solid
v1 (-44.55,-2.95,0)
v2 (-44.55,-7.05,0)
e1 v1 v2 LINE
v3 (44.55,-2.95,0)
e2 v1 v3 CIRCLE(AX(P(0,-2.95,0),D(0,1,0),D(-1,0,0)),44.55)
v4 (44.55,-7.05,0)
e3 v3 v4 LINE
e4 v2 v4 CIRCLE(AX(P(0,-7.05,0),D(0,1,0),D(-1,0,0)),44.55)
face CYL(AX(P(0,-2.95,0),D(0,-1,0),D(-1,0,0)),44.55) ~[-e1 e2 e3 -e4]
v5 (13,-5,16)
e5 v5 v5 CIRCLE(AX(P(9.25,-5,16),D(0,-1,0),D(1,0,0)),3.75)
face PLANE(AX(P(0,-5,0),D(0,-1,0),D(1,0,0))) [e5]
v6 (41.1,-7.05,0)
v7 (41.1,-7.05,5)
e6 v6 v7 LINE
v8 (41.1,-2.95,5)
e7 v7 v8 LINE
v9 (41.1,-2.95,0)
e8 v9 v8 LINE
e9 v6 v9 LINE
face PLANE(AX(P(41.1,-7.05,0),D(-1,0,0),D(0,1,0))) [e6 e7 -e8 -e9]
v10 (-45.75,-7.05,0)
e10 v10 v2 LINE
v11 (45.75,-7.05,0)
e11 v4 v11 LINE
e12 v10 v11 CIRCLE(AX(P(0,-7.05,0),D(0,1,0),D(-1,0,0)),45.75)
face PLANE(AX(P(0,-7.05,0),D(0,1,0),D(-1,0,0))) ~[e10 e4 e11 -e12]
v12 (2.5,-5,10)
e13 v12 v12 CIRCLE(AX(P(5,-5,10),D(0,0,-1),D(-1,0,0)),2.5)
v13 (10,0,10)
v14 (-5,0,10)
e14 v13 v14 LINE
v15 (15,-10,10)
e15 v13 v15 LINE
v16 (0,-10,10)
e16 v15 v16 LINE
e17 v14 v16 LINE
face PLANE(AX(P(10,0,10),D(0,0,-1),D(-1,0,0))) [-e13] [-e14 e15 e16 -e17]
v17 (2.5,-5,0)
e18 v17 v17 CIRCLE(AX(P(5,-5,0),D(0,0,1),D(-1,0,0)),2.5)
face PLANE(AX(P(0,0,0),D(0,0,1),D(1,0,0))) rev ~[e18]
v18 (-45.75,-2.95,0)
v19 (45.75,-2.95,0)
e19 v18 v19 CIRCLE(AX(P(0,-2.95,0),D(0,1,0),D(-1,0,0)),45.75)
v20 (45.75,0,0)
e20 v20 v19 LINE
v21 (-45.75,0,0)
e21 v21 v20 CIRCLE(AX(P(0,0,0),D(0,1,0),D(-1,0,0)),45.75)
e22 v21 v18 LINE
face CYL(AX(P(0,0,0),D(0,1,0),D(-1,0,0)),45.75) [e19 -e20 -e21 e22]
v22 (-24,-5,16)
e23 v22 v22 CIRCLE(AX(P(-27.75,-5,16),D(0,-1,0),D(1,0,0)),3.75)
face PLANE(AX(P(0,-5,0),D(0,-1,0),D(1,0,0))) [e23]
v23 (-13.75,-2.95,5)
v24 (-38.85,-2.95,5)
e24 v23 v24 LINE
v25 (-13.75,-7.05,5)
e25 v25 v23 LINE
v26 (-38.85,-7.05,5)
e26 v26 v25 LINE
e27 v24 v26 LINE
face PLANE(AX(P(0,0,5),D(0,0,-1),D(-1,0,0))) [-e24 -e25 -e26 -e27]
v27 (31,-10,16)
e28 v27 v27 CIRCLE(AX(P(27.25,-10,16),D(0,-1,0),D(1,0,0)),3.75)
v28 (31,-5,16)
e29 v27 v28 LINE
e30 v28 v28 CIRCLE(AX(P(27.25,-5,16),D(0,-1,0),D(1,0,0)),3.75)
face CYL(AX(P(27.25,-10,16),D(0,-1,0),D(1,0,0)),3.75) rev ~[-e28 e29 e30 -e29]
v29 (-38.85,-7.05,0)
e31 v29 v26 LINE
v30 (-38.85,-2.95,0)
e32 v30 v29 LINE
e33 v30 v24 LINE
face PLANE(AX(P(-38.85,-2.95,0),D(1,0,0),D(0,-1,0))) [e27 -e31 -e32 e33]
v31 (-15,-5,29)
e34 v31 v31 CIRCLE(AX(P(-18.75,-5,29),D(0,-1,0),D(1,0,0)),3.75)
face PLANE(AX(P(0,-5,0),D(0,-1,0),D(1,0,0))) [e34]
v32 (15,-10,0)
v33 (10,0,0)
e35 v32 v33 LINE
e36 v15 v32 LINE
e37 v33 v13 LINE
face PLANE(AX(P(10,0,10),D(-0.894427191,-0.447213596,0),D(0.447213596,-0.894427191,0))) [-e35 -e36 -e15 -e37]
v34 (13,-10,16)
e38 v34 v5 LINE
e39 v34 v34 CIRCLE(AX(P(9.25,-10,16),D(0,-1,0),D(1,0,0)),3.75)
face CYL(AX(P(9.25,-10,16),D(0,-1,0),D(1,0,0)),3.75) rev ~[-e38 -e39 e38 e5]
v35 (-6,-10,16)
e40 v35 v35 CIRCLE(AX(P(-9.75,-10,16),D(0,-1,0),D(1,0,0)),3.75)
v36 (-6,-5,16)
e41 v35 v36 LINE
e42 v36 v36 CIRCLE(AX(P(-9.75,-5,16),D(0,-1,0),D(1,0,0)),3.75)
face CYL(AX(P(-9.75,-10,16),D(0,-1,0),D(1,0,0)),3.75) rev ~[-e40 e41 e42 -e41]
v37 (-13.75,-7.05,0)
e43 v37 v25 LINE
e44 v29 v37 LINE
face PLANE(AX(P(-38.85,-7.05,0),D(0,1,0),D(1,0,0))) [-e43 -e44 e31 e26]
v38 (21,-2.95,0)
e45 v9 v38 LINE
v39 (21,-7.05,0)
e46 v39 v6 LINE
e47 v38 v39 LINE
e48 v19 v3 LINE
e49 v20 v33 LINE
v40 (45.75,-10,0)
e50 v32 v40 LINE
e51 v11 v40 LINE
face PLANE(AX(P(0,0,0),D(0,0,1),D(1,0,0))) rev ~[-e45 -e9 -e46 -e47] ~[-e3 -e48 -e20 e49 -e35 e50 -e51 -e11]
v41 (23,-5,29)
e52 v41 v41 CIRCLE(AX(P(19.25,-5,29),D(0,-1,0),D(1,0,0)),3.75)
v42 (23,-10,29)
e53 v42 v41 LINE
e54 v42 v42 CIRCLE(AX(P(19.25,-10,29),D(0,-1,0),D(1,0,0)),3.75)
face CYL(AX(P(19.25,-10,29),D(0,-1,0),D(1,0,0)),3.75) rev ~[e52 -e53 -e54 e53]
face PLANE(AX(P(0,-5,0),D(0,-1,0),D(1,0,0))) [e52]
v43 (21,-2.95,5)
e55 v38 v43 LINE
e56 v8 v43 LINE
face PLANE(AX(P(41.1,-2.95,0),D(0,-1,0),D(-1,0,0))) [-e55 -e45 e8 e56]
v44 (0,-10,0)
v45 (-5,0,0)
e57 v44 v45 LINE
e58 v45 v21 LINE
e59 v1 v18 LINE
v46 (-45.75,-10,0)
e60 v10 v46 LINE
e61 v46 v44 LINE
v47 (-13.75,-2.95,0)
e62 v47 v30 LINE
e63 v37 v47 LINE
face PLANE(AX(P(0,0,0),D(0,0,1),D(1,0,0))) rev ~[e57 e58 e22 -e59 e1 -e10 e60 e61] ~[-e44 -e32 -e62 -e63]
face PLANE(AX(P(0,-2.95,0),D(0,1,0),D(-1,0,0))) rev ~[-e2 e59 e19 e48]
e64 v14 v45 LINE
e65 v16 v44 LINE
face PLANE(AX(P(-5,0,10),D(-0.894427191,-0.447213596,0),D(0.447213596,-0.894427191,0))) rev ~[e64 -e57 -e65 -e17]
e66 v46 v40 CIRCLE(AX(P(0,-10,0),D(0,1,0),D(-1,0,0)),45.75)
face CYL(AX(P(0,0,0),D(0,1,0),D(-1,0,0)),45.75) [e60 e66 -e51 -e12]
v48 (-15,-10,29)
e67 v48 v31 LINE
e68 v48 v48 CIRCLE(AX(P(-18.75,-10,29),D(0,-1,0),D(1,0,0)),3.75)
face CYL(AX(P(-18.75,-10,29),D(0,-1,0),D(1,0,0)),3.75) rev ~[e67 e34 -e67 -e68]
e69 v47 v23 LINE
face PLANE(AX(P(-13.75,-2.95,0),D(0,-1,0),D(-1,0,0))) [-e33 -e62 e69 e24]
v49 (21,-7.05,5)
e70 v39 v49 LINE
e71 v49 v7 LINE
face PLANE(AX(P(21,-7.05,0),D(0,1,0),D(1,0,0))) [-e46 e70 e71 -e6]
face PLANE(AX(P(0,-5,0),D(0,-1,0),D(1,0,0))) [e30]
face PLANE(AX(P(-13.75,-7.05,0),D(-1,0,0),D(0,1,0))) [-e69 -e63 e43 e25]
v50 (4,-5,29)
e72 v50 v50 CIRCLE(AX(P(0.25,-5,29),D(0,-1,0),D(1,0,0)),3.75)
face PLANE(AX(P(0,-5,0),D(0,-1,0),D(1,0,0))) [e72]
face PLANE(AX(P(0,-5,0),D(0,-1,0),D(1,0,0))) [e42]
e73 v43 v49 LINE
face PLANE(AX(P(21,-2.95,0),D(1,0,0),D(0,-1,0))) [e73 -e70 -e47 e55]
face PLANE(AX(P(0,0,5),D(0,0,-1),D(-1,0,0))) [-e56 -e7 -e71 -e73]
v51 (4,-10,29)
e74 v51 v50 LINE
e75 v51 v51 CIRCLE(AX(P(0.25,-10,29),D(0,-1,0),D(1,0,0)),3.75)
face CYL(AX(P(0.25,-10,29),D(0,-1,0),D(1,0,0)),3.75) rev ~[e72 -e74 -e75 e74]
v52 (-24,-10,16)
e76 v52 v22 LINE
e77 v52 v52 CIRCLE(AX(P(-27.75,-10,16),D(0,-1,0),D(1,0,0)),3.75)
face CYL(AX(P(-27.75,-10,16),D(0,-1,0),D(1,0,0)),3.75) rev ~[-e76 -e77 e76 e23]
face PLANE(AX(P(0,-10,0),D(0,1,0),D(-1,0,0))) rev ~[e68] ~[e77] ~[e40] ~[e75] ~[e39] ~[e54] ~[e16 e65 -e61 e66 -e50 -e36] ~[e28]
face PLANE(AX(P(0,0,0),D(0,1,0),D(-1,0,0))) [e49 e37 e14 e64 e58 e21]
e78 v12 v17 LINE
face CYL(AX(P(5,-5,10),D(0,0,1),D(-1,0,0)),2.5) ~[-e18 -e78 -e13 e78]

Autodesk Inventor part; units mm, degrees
ref_plane "YZ Plane" through (0, 0, 0) normal (1, 0, 0) x (0, 1, 0)
ref_plane "XZ Plane" through (0, 0, 0) normal (0, 1, 0) x (-1, 0, 0)
ref_plane "XY Plane" through (0, 0, 0) normal (0, 0, 1) x (1, 0, 0)
sketch "스케치1" plane through (0, 0, 0) normal (0, 1, 0) x (-1, 0, 0)
  line L0 (-10, 10) -> (10, 10)
  line L1 (10, 10) -> (10, -10)
  line L2 (10, -10) -> (-10, -10)
  line L3 (-10, -10) -> (-10, 10)
  line L4 (-10, 10) -> (10, -10) construction
  line L5 (10, 10) -> (-10, -10) construction
  line L6 (-10, -10) -> (-15, -10)
  line L7 (-15, -10) -> (-15, 10)
  line L8 (-15, 10) -> (-10, 10)
  line L9 (-10, 10) -> (-10, -10)
  circle A0 centre (0, 0) radius 45.75
  dimension "d0" = 20
  dimension "d1" = 20
  dimension "d2" = 5
  dimension "d17" = 91.5
ref_plane "작업 평면2" through (-10, 20, -10) normal (-1, 0, 0) x (0, 0, 1)
sketch "스케치2" plane through (-10, 20, -10) normal (-1, 0, 0) x (0, 0, 1)
  line L0 (20, -100) -> (20, 0) projected
  line L1 (0, 0) -> (20, 0) projected
  line L2 (0, 0) -> (0, -100) projected
  line L3 (20, -100) -> (0, -100) projected
  circle A0 centre (10, -91) radius 4.5
  point P0 (10, -20)
  dimension "d7" = 9
  dimension "d8" = 9
ref_plane "작업 평면1" through (-10, 20, 10) normal (0, 0, 1) x (1, 0, 0)
sketch "스케치3" plane through (-10, 20, 10) normal (0, 0, 1) x (1, 0, 0)
  line L0 (20, -20) -> (25, -20) projected
  line L1 (25, -20) -> (25, 0) projected
  line L2 (0, 0) -> (25, 0) projected
  line L3 (0, -100) -> (0, 0) projected
  line L4 (20, -100) -> (0, -100) projected
  line L5 (20, -20) -> (20, -100) projected
  line L6 (25, -20) -> (25, 0) projected
  line L7 (25, 0) -> (0, 0) projected
  arc A0 (25, -20) -> (20, 0) centre (-10.6945, -18.2986) ccw
  line L8 (20, 0) -> (25, 0)
  line L9 (25, 0) -> (25, -20)
  point P0 (10, -20)
  point P1 (20, 0)
  point P2 (25, -16.5972)
extrude "돌출4" [suppressed]
extrude "돌출5" [suppressed]
extrude "돌출6" add sketch "스케치1" against normal blind 10
ref_plane "작업 평면3" through (10, 0, -10) normal (0, 0, 1) x (1, 0, 0)
sketch "스케치4" plane through (10, 0, -10) normal (0, 0, 1) x (1, 0, 0)
  line L0 (0, -5) -> (-10, -5) projected
  line L1 (-10, -5) -> (-10, -80) projected
  line L2 (0, -80) -> (-10, -80) projected
  line L3 (0, -5) -> (0, -80) projected
  line L4 (-10, 0) -> (0, 0) projected
  line L5 (0, 0) -> (5, 0) projected
  line L6 (5, 0) -> (5, 3.4028) projected
  arc A0 (5, 3.4028) -> (0, 20) centre (-30.6945, 1.7014) ccw projected
  line L7 (-10, 20) -> (0, 20) projected
  line L8 (-10, 20) -> (-10, 0) projected
  line L9 (0, -5) -> (5, -5)
  line L10 (5, -5) -> (5, 0)
  line L11 (5, 0) -> (0, 0)
  line L12 (0, 0) -> (0, -5)
  line L13 (-55.75, -5) -> (35.75, -5) projected
  line L14 (-10, 0) -> (-15, 0)
  line L15 (-15, 0) -> (-15, -5)
  line L16 (-15, -5) -> (-10, -5)
  line L17 (-10, -5) -> (-10, 0)
  line L18 (-15, 0) -> (-10, -5)
  line L19 (0, 0) -> (5, -5)
  dimension "d20" = 5
sketch "스케치5" plane through (0, 0, 0) normal (0, 1, 0) x (1, 0, 0)
  circle A0 centre (0, 0) radius 45.75 projected
  line L0 (15, -10) -> (-10, -10) projected
  line L1 (-10, 10) -> (15, 10) projected
  line L2 (-12.2866, 10.5) -> (15, 10.5)
  line L3 (15, 10.5) -> (15, -10.5)
  line L4 (15, -10.5) -> (-12.2866, -10.5)
  line L5 (-12.2866, -10.5) -> (-12.2866, 10.5)
  line L6 (15, 10) -> (15, -10) projected
  line L7 (-10, -10) -> (-10, 10) projected
  dimension "d22" = 0.5
extrude "돌출7" [suppressed]
sketch "스케치6" plane through (-12.2866, 0, -10.5) normal (0, 0, 1) x (1, 0, 0)
  line L0 (7.2866, 0) -> (12.2866, -5) projected
  line L1 (7.2866, 0) -> (7.2866, -5) projected
  line L2 (7.2866, -5) -> (12.2866, -5) projected
  line L3 (22.2866, 0) -> (27.2866, -5) projected
  line L4 (22.2866, 0) -> (22.2866, -5) projected
  line L5 (22.2866, -5) -> (27.2866, -5) projected
  point P0 (12.2866, 0)
extrude "돌출8" [suppressed]
extrude "돌출9" add sketch "스케치4" along normal blind 20.5 and the other way blind 0.5 contours L19 L5 L10
ref_plane "작업 평면4" through (-12.2866, -5, -10.5) normal (0, 0, 1) x (1, 0, 0)
sketch "스케치7" plane through (-12.2866, -5, -10.5) normal (0, 0, 1) x (1, 0, 0)
  line L0 (7.2866, 0) -> (7.2866, 5) projected
  line L1 (0, 5) -> (7.2866, 5) projected
  line L2 (0, 5) -> (0, 0) projected
  line L3 (7.2866, 0) -> (0, 0) projected
  line L4 (0, 5) -> (7.2866, 5)
  line L5 (7.2866, 5) -> (7.2866, 0)
  line L6 (7.2866, 0) -> (0, 0)
  line L7 (0, 0) -> (0, 5)
  point P0 (12.2866, 5)
extrude "돌출10" add sketch "스케치7" along normal blind 21
sketch "스케치8" plane through (-5, 0, -10) normal (0, 0, 1) x (1, 0, 0)
  line L0 (0, 0) -> (0, -5) projected
  line L1 (20, -10) -> (-5, -10) projected
  line L2 (20, -5) -> (15, 0) projected
  line L3 (0, 0) -> (15, 0) projected
  line L4 (0, 0) -> (5, 0)
  line L5 (5, 0) -> (5, -10)
  line L6 (5, -10) -> (0, -10)
  line L7 (0, -10) -> (0, 0)
  line L8 (0, 0) -> (5, -10)
  line L9 (0, -5) -> (-5, -5) projected
  line L10 (-5, -5) -> (-5, -10) projected
  line L11 (20, -5) -> (20, -10) projected
  dimension "d33" = 5
extrude "돌출11" add sketch "스케치8" along normal blind 21
sketch "스케치9" plane through (0, 0, 0) normal (0, 1, 0) x (1, 0, 0)
  line L0 (10, -10) -> (-10, -10) projected
  line L1 (10, 10) -> (10, -10) projected
  line L2 (64.05, 10) -> (-64.05, 10) projected
  line L3 (-10, -64.05) -> (-10, 64.05) projected
  line L4 (-10, -10) -> (-10, 10) projected
  line L5 (-10, 10) -> (10, 10) projected
  line L6 (10, -10) -> (0, -10)
  line L7 (0, -10) -> (0, 10)
  line L8 (0, 10) -> (10, 10)
  line L9 (10, 10) -> (10, -10)
  point P0 (0, 0)
extrude "돌출12" cut sketch "스케치9" against normal blind 10 contours L0 L7 L2 L1
sketch "스케치10" plane through (10, 0, 10) normal (0, 0, -1) x (-1, 0, 0)
  line L0 (-5, 0) -> (0, 0) projected
  line L1 (0, 0) -> (0, -10) projected
  line L2 (-35.75, -10) -> (55.75, -10) projected
  line L3 (0, 0) -> (-5, 0)
  line L4 (-5, 0) -> (-5, -10)
  line L5 (-5, -10) -> (0, -10)
  line L6 (0, -10) -> (0, 0)
  line L7 (0, 0) -> (-5, -10)
  line L8 (10, 0) -> (15, 0)
  line L9 (15, 0) -> (15, -10)
  line L10 (15, -10) -> (10, -10)
  line L11 (10, -10) -> (10, 0)
  line L12 (15, 0) -> (10, -10)
  dimension "d38" = 5
extrude "돌출13" cut sketch "스케치10" along normal blind 20 contours L11 L8 L12
extrude "돌출14" cut sketch "스케치10" along normal blind 20 contours L1 L2 L7
sketch "스케치11" plane through (10, 0, 10) normal (0, 0, -1) x (-1, 0, 0)
  line L0 (-35.75, -10) -> (55.75, -10) projected
  line L1 (55.75, 0) -> (-35.75, 0) projected
  line L2 (0, 0) -> (0, -10) projected
  line L3 (10, -10) -> (10, 0) projected
  line L4 (0, 0) -> (10, 0)
  line L5 (10, 0) -> (10, -10)
  line L6 (10, -10) -> (0, -10)
  line L7 (0, -10) -> (0, 0)
  circle A0 centre (5, -5) radius 2.5
  dimension "d43" = 5
extrude "돌출15" add sketch "스케치11" along normal blind 20 contours A0
sketch "스케치12" plane through (0, 0, 0) normal (0, 0, 1) x (1, 0, 0)
  line L0 (-45.75, -10) -> (45.75, -10) projected
  line L1 (45.75, 0) -> (-45.75, 0) projected
  line L2 (-45.75, -10) -> (45.75, -10) projected
  line L3 (-45.75, 0) -> (45.75, 0)
  line L4 (45.75, 0) -> (45.75, -10)
  line L5 (45.75, -10) -> (-45.75, -10)
  line L6 (-45.75, -10) -> (-45.75, 0)
  point P0 (0, 0)
extrude "돌출16" cut sketch "스케치12" against normal blind 50
sketch "스케치13" plane through (0, 0, 0) normal (0, 0, -1) x (-1, 0, 0)
  line L0 (13.75, -2.95) -> (38.85, -2.95)
  line L1 (38.85, -2.95) -> (38.85, -7.05)
  line L2 (38.85, -7.05) -> (13.75, -7.05)
  line L3 (13.75, -7.05) -> (13.75, -2.95)
  line L4 (-41.1, -2.95) -> (-21, -2.95)
  line L5 (-21, -2.95) -> (-21, -7.05)
  line L6 (-21, -7.05) -> (-41.1, -7.05)
  line L7 (-41.1, -7.05) -> (-41.1, -2.95)
  line L8 (45.75, 0) -> (45.75, -10) projected
  line L9 (-45.75, 0) -> (-45.75, -10) projected
  line L10 (-45.75, 0) -> (-10, 0) projected
  line L11 (5, 0) -> (45.75, 0) projected
  point P0 (0, 0)
  dimension "d48" = 25.1
  dimension "d49" = 4.1
  dimension "d50" = 20.1
  dimension "d51" = 4.1
  dimension "d52" = 6.9
  dimension "d53" = 4.65
  dimension "d54" = 2.95
  dimension "d55" = 2.95
extrude "돌출17" cut sketch "스케치13" against normal blind 5
sketch "스케치14" plane through (0, 0, 0) normal (0, 0, -1) x (-1, 0, 0)
  line L0 (38.85, -2.95) -> (38.85, -7.05) projected
  line L1 (38.85, -7.05) -> (13.75, -7.05) projected
  line L2 (13.75, -7.05) -> (13.75, -2.95) projected
  line L3 (13.75, -2.95) -> (38.85, -2.95) projected
  line L4 (0, -10) -> (5, 0) projected
  line L5 (45.75, -10) -> (0, -10) projected
  line L6 (45.75, 0) -> (45.75, -10) projected
  line L7 (5, 0) -> (45.75, 0) projected
  line L8 (45.75, -2.95) -> (44.55, -2.95)
  line L9 (44.55, -2.95) -> (44.55, -7.05)
  line L10 (44.55, -7.05) -> (45.75, -7.05)
  line L11 (45.75, -7.05) -> (45.75, -2.95)
  line L12 (0, -12) -> (0, 2) projected
  point P0 (0, 0)
  dimension "d58" = 1.2
revolve "회전1" cut sketch "스케치14" angle 360 about axis through (0, -10, 0) along (0, 1, 0) contours L10 L9 L8 L6
sketch "스케치15" plane through (0, 0, 0) normal (0, 1, 0) x (1, 0, 0)
  circle A0 centre (-27.75, -16) radius 3.75
  circle A1 centre (-9.75, -16) radius 3.75
  circle A2 centre (9.25, -16) radius 3.75
  circle A3 centre (27.25, -16) radius 3.75
  circle A4 centre (-18.75, -29) radius 3.75
  circle A5 centre (0.25, -29) radius 3.75
  circle A6 centre (19.25, -29) radius 3.75
  line L0 (-44.55, 0) -> (-45.75, 0) projected
  line L1 (-45.75, 0) -> (-45.75, -49.8385)
  arc A7 (-45.75, 0) -> (45.75, 0) centre (0, 0) ccw projected
  line L2 (64.05, -10) -> (-64.05, -10) projected
  dimension "d60" = 7.5
  dimension "d61" = 7.5
  dimension "d62" = 7.5
  dimension "d63" = 7.5
  dimension "d64" = 7.5
  dimension "d65" = 7.5
  dimension "d66" = 7.5
  dimension "d67" = 18
  dimension "d68" = 18
  dimension "d69" = 19
  dimension "d70" = 18
  dimension "d71" = 9
  dimension "d72" = 19
  dimension "d73" = 19
  dimension "d74" = 13
  dimension "d75" = 13
  dimension "d76" = 13
  dimension "d77" = 6
  dimension "d78" = 6
sketch "스케치16" plane through (0, -10, 0) normal (0, -1, 0) x (1, 0, 0)
  circle A0 centre (27.25, 16) radius 3.75 projected
  circle A1 centre (9.25, 16) radius 3.75 projected
  circle A2 centre (-9.75, 16) radius 3.75 projected
  circle A3 centre (-27.75, 16) radius 3.75 projected
  circle A4 centre (-18.75, 29) radius 3.75 projected
  circle A5 centre (0.25, 29) radius 3.75 projected
  circle A6 centre (19.25, 29) radius 3.75 projected
  point P0 (0, 0)
extrude "돌출19" cut sketch "스케치16" against normal blind 5
properties part number "new탄두윗판구멍1_2"
